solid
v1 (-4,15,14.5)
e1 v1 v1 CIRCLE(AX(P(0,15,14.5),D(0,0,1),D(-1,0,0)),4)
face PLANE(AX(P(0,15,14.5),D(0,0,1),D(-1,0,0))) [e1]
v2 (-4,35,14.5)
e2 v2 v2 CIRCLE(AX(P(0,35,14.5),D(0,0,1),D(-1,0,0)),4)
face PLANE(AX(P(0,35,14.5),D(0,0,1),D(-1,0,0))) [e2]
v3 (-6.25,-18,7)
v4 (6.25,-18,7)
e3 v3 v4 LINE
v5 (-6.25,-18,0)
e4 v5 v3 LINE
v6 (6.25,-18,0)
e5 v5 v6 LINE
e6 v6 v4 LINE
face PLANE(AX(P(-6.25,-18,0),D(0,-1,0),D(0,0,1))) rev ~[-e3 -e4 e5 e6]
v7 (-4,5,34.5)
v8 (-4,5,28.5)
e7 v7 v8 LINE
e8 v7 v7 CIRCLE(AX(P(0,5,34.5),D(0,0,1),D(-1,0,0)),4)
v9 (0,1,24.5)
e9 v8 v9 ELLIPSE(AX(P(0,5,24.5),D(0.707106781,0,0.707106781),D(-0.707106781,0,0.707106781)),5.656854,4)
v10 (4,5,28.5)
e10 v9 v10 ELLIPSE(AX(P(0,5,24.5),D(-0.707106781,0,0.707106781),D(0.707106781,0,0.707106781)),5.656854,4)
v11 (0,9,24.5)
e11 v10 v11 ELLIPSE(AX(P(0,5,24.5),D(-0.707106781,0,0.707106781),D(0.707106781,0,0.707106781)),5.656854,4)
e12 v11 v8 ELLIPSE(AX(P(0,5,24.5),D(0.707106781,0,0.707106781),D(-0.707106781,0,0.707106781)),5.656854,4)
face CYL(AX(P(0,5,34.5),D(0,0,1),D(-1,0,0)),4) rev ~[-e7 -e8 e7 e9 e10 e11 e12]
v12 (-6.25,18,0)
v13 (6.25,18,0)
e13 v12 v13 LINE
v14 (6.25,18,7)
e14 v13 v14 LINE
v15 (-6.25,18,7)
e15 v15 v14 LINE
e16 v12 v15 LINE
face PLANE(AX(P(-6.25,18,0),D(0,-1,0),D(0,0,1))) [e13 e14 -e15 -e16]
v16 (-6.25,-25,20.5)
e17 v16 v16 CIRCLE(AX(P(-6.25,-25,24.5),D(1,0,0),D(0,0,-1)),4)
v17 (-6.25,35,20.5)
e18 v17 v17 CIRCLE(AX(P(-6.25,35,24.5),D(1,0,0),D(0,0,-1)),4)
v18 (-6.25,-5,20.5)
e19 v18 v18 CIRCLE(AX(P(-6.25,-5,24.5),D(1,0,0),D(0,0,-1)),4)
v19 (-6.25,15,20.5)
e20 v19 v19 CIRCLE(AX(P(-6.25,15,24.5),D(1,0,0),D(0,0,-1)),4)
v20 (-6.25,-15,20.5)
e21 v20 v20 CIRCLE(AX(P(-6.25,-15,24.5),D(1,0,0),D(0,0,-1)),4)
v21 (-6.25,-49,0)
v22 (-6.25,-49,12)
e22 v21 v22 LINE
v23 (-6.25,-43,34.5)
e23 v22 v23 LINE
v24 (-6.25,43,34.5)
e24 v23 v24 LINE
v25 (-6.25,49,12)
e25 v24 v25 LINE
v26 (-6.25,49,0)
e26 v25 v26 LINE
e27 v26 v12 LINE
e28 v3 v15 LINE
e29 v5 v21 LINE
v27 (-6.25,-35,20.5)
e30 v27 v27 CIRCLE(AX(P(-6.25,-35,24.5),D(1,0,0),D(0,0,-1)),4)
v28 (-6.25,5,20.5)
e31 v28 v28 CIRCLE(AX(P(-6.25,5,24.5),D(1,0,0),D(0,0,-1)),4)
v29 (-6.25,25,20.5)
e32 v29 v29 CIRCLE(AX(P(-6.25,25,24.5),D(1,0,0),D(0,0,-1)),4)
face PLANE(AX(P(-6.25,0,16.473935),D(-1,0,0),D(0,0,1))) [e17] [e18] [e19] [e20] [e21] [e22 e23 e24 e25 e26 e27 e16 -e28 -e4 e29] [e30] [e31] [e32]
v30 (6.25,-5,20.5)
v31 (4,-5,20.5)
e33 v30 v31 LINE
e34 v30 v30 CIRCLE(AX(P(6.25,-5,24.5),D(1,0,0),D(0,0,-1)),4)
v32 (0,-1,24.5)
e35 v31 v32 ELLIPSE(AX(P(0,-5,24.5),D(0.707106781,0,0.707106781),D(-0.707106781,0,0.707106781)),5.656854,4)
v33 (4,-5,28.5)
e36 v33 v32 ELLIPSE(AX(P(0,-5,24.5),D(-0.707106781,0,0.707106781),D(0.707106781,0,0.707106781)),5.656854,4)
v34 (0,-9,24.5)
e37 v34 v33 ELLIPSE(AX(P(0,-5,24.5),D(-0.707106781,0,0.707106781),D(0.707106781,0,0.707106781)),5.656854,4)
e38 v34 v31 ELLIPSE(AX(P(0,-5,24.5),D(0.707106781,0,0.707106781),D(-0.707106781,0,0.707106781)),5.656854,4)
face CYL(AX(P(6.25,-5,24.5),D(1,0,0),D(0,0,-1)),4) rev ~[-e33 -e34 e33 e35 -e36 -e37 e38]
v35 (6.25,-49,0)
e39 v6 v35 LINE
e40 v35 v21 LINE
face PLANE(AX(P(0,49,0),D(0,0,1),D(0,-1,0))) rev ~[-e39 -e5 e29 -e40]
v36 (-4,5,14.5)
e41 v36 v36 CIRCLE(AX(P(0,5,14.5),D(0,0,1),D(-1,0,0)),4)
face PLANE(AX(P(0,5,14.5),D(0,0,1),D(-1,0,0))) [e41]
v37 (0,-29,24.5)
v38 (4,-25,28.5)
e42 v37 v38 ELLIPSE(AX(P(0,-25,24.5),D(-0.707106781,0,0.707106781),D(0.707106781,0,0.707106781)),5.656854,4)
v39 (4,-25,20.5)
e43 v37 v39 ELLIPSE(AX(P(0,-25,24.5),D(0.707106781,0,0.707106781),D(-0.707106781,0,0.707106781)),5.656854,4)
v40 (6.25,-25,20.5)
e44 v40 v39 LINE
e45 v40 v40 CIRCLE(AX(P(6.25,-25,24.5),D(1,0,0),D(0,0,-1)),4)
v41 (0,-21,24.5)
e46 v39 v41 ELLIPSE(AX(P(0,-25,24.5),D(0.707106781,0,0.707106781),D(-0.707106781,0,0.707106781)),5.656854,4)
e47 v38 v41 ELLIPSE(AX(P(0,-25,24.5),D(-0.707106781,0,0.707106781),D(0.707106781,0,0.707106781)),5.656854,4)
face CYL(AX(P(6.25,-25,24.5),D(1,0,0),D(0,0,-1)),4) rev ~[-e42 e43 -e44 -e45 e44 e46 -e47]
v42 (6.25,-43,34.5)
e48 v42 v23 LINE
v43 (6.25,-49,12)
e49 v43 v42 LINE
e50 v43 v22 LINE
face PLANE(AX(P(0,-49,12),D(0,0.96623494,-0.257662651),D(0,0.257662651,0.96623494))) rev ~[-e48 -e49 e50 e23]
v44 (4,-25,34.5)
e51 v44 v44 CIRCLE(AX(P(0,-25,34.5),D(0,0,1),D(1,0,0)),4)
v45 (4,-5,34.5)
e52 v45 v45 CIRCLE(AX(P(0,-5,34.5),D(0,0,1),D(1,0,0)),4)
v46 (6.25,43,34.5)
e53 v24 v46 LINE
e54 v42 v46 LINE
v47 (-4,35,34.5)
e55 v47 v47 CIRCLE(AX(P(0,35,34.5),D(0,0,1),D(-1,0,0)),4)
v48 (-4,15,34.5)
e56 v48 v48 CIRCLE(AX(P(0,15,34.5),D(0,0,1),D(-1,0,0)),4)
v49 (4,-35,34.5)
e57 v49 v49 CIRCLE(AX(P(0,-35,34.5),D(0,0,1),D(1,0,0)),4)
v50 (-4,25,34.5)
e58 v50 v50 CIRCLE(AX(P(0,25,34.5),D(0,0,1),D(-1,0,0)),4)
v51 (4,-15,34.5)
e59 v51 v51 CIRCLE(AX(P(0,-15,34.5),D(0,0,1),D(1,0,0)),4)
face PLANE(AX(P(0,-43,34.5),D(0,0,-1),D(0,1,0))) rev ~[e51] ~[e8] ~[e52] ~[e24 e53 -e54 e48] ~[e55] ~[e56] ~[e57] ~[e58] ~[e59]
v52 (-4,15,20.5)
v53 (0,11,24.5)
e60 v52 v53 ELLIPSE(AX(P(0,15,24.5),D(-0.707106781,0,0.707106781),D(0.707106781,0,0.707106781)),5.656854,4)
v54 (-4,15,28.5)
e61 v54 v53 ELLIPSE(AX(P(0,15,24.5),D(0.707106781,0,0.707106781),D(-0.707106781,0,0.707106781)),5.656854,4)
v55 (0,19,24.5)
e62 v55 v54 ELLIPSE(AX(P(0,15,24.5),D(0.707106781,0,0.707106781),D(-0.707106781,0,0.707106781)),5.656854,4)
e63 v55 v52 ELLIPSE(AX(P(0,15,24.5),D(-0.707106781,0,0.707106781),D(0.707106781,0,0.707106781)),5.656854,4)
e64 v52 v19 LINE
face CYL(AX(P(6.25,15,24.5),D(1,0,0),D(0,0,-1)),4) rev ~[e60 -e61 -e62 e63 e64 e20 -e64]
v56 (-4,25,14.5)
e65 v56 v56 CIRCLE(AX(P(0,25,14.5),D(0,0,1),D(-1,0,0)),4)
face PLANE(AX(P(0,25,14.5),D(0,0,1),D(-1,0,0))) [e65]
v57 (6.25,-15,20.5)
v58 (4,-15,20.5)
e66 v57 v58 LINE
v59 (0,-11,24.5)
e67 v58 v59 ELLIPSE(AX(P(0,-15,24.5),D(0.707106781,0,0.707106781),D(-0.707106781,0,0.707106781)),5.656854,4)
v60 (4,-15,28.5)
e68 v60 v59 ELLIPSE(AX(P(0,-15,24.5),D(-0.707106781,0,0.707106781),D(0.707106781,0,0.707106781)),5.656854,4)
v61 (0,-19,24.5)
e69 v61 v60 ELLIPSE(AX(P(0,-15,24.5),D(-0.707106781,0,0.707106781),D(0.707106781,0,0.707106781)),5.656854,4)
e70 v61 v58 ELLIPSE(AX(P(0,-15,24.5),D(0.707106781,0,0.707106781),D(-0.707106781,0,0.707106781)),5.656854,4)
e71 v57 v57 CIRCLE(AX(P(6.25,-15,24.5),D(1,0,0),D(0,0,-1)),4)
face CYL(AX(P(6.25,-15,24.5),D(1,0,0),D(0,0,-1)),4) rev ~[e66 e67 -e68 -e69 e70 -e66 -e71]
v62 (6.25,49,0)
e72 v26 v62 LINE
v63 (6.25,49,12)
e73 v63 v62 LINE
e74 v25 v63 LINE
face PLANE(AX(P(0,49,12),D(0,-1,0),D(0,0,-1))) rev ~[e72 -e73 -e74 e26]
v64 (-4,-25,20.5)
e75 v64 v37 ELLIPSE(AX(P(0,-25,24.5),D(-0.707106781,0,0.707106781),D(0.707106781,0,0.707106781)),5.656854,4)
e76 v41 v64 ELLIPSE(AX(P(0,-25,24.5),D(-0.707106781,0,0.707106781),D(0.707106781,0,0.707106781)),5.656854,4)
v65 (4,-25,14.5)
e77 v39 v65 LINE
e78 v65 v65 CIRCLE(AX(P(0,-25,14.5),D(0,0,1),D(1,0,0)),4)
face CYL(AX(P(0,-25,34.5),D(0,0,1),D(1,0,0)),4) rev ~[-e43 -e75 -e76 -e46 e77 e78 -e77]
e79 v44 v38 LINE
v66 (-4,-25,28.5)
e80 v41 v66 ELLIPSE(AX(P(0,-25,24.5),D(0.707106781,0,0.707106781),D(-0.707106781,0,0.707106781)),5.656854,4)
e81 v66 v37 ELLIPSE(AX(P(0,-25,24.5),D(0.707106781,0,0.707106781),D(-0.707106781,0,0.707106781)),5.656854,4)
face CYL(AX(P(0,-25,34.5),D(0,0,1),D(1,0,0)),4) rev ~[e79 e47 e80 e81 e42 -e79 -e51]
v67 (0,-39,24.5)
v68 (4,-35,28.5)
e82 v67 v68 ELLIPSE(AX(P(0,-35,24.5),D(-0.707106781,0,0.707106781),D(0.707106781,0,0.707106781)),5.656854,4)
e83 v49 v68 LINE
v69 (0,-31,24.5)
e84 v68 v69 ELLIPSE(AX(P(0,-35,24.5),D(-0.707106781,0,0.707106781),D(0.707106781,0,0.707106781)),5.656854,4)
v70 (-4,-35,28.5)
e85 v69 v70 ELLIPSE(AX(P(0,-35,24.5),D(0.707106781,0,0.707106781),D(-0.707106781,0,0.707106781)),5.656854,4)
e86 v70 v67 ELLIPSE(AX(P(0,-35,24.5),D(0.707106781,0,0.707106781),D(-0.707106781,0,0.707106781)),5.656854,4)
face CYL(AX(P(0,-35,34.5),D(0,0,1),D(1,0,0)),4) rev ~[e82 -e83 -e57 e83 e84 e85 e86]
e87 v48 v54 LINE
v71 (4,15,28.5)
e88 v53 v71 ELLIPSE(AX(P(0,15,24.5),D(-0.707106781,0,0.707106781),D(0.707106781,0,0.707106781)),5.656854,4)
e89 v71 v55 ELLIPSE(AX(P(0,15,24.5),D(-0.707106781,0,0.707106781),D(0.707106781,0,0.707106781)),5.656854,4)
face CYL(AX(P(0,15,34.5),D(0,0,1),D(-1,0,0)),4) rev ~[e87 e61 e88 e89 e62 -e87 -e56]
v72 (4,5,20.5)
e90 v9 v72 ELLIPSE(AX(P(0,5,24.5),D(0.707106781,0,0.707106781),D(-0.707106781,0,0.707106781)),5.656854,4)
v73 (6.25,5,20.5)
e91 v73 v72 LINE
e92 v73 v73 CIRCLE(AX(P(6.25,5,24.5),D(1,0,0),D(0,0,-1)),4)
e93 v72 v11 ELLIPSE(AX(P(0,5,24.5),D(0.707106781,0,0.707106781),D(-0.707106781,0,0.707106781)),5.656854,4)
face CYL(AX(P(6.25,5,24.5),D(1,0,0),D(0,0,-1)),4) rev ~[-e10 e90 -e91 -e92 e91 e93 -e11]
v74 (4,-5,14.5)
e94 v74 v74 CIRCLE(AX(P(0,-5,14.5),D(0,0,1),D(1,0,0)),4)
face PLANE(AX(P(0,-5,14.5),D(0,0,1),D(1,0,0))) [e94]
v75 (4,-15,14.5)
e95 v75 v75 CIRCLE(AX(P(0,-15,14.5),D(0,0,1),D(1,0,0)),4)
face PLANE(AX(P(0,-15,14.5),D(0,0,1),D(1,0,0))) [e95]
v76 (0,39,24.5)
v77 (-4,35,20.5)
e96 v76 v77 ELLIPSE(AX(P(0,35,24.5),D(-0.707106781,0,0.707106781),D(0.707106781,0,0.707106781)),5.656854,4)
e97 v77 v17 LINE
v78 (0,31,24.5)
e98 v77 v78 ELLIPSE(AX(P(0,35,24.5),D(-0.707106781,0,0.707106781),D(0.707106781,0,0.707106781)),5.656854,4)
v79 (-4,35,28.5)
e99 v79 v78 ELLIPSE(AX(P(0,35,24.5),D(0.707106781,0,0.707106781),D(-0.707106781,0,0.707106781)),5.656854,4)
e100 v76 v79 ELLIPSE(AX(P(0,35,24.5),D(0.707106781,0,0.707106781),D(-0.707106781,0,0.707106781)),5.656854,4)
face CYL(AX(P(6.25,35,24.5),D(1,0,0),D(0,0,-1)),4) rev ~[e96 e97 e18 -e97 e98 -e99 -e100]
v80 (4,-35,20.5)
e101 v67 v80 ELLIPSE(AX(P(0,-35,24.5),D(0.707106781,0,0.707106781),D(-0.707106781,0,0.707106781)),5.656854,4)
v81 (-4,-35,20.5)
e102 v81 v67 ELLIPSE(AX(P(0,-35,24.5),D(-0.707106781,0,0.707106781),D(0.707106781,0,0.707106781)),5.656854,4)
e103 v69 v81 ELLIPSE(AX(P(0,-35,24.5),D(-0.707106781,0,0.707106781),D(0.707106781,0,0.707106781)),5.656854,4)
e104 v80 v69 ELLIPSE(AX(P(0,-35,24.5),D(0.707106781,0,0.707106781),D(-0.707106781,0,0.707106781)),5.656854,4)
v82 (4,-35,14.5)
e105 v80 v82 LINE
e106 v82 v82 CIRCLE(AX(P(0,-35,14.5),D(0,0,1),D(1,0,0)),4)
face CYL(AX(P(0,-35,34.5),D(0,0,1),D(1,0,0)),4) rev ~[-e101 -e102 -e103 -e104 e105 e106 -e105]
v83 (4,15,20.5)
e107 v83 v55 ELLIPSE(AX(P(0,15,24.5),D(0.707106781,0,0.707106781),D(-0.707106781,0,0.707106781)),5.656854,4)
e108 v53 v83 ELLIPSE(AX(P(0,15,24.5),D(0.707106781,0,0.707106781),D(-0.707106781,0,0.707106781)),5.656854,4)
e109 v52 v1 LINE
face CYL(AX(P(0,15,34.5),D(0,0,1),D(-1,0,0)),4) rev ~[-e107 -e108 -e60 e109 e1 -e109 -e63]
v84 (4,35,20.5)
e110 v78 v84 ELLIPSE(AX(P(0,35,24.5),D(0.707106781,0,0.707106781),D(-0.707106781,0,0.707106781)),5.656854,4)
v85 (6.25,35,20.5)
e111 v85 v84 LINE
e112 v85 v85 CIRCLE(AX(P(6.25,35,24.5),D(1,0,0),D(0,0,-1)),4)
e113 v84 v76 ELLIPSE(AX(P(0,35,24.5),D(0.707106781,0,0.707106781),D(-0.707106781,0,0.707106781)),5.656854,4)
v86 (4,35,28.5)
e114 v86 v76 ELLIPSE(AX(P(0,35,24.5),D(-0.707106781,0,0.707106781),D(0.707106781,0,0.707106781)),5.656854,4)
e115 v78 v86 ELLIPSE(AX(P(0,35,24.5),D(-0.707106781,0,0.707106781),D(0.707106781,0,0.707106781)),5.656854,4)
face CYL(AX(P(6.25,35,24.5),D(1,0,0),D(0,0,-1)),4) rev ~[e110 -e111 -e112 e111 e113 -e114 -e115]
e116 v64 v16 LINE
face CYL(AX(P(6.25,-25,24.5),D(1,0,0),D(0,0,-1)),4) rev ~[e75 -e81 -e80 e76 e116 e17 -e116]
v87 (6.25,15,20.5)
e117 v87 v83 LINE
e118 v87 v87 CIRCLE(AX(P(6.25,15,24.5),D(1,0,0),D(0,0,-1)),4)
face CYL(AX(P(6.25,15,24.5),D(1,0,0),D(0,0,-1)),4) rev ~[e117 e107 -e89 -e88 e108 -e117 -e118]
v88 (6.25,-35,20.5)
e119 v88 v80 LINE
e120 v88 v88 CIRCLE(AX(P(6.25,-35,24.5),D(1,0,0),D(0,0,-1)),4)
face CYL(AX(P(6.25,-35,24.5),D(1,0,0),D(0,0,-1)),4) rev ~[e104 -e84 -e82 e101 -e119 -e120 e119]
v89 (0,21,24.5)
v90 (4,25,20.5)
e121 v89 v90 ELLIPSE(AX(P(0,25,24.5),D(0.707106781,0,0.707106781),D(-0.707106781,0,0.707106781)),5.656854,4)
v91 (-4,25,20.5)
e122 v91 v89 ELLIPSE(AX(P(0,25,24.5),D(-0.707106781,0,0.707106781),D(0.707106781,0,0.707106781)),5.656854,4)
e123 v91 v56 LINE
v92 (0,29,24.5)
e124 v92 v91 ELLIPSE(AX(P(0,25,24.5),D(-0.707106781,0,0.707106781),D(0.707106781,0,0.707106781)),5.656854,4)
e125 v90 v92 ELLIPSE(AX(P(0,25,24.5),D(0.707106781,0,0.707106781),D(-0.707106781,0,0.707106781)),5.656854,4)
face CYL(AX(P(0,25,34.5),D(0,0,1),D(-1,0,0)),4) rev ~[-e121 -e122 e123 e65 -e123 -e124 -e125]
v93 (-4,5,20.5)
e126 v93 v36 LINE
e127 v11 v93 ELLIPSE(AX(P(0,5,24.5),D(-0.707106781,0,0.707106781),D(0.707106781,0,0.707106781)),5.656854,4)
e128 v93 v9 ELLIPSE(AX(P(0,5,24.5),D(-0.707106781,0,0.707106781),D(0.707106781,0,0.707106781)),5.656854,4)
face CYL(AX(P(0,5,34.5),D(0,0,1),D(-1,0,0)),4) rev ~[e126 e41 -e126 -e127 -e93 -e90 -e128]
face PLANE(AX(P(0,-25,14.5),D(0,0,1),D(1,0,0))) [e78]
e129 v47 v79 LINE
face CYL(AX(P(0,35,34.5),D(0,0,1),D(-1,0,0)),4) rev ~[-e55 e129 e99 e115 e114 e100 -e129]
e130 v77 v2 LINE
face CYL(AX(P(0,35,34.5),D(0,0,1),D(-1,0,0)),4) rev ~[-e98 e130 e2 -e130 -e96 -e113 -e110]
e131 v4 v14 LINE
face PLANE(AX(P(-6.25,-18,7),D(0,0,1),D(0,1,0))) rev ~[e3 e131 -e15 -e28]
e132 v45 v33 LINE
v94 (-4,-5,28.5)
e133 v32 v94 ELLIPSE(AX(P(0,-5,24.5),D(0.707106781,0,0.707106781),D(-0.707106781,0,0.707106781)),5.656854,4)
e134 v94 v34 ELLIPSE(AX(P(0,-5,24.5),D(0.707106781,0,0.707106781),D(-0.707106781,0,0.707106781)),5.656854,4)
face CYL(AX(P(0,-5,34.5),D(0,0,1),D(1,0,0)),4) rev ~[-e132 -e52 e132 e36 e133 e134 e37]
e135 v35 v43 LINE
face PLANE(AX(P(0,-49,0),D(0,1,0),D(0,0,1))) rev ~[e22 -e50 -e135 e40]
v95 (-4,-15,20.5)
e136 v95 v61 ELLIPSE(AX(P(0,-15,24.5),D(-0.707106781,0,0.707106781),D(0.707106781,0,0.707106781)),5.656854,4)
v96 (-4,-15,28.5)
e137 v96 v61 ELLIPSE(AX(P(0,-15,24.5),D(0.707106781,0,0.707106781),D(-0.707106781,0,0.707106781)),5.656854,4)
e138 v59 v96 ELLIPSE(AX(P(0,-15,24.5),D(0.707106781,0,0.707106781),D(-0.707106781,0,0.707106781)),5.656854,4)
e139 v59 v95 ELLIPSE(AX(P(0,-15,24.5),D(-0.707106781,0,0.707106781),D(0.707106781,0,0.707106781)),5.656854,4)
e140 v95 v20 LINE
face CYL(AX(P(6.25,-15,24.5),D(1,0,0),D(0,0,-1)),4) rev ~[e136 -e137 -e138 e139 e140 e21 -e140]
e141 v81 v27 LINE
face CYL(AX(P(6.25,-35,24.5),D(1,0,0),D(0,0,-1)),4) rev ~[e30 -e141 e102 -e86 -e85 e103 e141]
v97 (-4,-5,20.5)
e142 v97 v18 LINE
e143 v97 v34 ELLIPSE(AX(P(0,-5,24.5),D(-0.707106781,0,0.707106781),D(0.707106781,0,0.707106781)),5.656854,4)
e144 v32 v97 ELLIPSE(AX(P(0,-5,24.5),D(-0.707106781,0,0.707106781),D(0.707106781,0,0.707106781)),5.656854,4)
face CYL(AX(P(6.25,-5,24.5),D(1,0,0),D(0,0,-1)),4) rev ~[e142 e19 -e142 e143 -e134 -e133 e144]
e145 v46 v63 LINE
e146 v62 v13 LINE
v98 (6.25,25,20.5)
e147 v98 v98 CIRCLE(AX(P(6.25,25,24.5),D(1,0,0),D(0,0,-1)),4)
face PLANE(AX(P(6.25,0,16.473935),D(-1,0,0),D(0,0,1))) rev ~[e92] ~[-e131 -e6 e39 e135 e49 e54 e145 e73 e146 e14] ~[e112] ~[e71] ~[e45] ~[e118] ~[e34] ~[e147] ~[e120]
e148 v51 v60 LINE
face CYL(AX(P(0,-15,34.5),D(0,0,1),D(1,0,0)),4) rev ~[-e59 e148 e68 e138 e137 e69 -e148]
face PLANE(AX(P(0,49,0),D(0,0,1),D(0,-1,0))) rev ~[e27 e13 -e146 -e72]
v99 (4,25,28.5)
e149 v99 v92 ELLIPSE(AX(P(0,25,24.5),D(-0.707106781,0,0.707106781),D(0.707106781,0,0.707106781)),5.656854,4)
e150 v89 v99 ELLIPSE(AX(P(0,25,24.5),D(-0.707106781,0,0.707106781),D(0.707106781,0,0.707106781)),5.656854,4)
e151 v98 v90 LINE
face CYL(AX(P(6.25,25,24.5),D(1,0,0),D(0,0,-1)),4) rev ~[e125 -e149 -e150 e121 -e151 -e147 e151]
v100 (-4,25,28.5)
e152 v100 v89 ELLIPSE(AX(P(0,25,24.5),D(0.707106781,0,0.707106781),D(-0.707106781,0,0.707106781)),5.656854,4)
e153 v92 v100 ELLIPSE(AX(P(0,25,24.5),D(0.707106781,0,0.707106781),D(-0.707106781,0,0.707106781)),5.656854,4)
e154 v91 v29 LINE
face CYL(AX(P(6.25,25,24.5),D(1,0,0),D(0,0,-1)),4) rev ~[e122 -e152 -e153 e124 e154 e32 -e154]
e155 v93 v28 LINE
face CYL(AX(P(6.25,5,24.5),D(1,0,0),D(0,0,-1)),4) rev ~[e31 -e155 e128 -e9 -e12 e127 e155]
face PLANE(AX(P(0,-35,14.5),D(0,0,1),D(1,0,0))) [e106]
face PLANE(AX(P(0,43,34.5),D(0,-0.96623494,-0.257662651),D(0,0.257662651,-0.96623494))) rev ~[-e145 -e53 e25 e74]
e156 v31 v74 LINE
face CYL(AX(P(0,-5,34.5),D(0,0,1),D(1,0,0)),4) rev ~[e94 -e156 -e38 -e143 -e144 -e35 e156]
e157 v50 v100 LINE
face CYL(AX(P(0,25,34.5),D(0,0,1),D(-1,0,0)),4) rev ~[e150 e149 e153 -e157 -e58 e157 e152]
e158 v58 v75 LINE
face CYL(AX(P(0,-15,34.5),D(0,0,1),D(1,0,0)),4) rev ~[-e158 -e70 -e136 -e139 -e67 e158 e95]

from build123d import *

# Parameters (mm, degrees)
EXTRUDE_1_DEPTH     = 6.25
SKETCH_2_R          = 4
CUT_EXTRUDE_1_DEPTH = 20
SKETCH_3_R          = 4
CUT_EXTRUDE_2_DEPTH = 62.216827752
SKETCH_4_W          = 7
SKETCH_4_H          = 36
CUT_EXTRUDE_3_DEPTH = 62.216827752


with BuildPart() as part:
    # Эскиз1 → Бобышка-Вытянуть1 (new, symmetric)
    with BuildSketch(Plane(origin=(0, 0, 0), x_dir=(0, 0, -1), z_dir=(1, 0, 0))):
        Polygon((0, 49), (0, -49), (-12, -49), (-34.5, -43), (-34.5, 43), (-12, 49), align=None)
    extrude(amount=EXTRUDE_1_DEPTH, both=True)

    # Эскиз2 → Вырез-Вытянуть1 (cut)
    with BuildSketch(Plane.XY.offset(34.5)):
        with Locations((0, -5)):
            Circle(SKETCH_2_R)
        with Locations((0, -15)):
            Circle(SKETCH_2_R)
        with Locations((0, -25)):
            Circle(SKETCH_2_R)
        with Locations(Location((0, 25, 0), (0, 0, 180))):
            Circle(SKETCH_2_R)
        with Locations(Location((0, 15, 0), (0, 0, 180))):
            Circle(SKETCH_2_R)
        with Locations(Location((0, 5, 0), (0, 0, 180))):
            Circle(SKETCH_2_R)
        with Locations((0, -35)):
            Circle(SKETCH_2_R)
        with Locations(Location((0, 35, 0), (0, 0, 180))):
            Circle(SKETCH_2_R)
    extrude(amount=-CUT_EXTRUDE_1_DEPTH, mode=Mode.SUBTRACT)

    # Эскиз3 → Вырез-Вытянуть2 (cut, through all)
    with BuildSketch(Plane(origin=(6.25, 0, 0), x_dir=(0, 0, -1), z_dir=(1, 0, 0))):
        with Locations((-24.5, -35)):
            Circle(SKETCH_3_R)
        with Locations((-24.5, -25)):
            Circle(SKETCH_3_R)
        with Locations((-24.5, -15)):
            Circle(SKETCH_3_R)
        with Locations((-24.5, -5)):
            Circle(SKETCH_3_R)
        with Locations((-24.5, 5)):
            Circle(SKETCH_3_R)
        with Locations((-24.5, 15)):
            Circle(SKETCH_3_R)
        with Locations((-24.5, 25)):
            Circle(SKETCH_3_R)
        with Locations((-24.5, 35)):
            Circle(SKETCH_3_R)
    extrude(amount=-CUT_EXTRUDE_2_DEPTH, mode=Mode.SUBTRACT)

    # Эскиз4 → Вырез-Вытянуть3 (cut, through all)
    with BuildSketch(Plane.ZY.offset(6.25)):
        with Locations((3.5, 0)):
            Rectangle(SKETCH_4_W, SKETCH_4_H)
    extrude(amount=-CUT_EXTRUDE_3_DEPTH, mode=Mode.SUBTRACT)


solid = part.part
